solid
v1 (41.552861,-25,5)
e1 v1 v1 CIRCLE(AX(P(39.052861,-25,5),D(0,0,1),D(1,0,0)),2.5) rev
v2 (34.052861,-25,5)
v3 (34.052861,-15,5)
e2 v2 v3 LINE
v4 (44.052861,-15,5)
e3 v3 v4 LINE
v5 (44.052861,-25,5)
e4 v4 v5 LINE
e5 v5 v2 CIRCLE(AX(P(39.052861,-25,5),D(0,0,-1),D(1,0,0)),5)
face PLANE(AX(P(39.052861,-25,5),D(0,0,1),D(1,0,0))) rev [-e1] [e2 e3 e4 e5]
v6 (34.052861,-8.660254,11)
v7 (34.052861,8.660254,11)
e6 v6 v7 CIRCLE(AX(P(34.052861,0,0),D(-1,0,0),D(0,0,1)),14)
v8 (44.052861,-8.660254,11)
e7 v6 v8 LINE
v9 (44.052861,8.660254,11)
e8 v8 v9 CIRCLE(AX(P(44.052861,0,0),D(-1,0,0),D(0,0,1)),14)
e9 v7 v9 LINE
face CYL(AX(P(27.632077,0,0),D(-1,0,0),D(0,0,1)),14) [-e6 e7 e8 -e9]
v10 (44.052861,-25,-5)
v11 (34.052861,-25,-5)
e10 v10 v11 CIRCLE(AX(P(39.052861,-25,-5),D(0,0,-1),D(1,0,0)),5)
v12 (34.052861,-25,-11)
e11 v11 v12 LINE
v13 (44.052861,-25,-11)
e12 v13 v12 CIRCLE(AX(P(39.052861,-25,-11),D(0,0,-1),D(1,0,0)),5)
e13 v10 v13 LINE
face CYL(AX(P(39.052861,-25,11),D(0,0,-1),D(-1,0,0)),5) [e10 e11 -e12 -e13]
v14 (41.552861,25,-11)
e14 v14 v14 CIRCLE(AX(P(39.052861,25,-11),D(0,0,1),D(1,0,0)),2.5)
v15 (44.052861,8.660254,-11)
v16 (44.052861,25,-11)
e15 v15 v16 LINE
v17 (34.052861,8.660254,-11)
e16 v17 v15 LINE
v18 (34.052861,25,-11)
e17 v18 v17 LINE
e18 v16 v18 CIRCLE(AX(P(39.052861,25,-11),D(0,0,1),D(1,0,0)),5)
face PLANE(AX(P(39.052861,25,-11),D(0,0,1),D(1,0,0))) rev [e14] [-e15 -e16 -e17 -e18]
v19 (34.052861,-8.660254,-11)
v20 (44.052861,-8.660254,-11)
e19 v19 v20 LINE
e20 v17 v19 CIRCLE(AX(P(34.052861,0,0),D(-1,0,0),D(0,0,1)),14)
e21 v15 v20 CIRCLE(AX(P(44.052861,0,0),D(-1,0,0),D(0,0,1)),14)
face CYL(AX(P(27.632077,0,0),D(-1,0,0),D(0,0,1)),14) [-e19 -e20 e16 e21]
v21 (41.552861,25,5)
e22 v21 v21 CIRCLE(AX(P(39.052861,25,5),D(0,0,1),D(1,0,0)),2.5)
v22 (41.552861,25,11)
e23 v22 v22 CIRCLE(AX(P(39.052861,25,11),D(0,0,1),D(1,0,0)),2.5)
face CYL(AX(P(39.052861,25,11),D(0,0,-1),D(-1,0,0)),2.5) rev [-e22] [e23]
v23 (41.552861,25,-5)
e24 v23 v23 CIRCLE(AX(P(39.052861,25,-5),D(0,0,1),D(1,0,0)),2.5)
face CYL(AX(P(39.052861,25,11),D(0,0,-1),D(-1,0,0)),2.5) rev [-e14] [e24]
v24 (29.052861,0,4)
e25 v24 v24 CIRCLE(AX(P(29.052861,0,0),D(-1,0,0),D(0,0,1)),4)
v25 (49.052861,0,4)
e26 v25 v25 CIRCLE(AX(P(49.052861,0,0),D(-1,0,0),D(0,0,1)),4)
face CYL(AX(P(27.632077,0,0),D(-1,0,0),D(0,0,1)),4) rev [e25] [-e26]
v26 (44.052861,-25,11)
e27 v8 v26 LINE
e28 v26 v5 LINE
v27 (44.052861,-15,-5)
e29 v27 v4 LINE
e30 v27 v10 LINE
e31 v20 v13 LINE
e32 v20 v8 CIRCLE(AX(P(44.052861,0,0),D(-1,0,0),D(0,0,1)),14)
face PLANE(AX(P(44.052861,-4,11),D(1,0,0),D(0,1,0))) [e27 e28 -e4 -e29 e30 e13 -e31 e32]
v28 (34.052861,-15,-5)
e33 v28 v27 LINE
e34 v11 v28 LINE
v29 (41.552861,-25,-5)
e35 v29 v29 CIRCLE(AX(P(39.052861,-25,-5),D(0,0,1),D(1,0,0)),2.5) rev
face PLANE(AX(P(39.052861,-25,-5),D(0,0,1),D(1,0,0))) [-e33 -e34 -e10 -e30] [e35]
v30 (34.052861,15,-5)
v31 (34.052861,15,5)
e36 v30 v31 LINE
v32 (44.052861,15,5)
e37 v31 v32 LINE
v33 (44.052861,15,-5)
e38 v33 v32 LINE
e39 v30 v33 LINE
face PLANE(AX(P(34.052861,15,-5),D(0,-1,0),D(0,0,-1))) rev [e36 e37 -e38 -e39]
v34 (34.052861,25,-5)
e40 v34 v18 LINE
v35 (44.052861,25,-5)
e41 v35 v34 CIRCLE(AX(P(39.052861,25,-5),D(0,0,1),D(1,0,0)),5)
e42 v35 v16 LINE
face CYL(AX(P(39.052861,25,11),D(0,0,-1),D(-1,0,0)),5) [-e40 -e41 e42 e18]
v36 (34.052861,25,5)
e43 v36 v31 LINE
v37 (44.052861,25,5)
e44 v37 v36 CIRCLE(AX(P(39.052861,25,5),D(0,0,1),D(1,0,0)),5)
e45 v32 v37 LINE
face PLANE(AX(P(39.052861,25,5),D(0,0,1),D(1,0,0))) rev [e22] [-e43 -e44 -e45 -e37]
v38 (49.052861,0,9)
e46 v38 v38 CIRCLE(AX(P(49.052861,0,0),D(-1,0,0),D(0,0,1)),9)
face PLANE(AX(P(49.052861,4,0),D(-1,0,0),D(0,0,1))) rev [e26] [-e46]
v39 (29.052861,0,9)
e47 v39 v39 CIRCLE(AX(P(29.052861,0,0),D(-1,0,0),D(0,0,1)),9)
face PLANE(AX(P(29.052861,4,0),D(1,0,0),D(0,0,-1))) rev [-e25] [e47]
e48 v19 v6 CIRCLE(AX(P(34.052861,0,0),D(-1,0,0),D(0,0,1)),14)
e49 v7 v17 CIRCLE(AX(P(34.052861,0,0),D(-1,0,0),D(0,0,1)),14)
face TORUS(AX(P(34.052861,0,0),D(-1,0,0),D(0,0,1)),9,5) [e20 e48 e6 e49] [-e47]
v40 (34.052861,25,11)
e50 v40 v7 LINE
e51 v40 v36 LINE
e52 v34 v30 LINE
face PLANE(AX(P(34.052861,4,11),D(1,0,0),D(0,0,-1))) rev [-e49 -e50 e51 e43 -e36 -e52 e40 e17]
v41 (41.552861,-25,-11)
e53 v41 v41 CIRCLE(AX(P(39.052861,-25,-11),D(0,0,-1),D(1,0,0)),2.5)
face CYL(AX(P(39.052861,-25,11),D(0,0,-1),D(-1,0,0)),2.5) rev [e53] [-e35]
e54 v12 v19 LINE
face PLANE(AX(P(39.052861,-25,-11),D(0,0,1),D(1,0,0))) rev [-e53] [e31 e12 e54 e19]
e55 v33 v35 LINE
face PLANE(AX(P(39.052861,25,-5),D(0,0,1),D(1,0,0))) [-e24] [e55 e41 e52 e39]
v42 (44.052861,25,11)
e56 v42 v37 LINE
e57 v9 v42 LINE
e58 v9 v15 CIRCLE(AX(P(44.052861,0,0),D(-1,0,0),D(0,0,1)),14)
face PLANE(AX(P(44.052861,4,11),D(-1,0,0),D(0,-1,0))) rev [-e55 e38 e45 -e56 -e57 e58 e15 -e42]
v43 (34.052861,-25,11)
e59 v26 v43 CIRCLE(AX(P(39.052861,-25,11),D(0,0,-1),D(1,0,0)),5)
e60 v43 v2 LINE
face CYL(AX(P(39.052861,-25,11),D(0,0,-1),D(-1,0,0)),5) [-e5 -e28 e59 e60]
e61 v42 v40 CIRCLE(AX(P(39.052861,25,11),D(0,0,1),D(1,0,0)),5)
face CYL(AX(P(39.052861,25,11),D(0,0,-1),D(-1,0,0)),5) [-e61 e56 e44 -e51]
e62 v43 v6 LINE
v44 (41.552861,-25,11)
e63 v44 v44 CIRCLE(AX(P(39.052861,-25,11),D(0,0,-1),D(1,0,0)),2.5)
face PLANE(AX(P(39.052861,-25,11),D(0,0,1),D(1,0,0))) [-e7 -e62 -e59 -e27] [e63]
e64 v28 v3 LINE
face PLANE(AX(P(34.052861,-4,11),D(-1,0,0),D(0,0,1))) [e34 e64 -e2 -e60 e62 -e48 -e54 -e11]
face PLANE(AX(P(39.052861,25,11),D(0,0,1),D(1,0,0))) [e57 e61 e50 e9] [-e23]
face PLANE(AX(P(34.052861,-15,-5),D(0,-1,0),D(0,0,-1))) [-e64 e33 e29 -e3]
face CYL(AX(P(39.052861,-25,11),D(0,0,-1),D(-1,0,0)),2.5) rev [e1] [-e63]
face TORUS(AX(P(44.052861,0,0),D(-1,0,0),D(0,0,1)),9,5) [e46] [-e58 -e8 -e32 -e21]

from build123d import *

# Parameters (mm, degrees)
SKETCH_2_R          = 2.5
EXTRUDE_1_DEPTH     = 11
CUT_EXTRUDE_1_DEPTH = 5


with BuildPart() as part:
    # 草图2 → 凸台-拉伸1 (new, symmetric)
    with BuildSketch(Plane.XY):
        with BuildLine():
            Line((44.052861038, 4), (34.052861038, 4))
            Line((34.052861038, 4), (34.052861038, 25))
            ThreePointArc((34.052861038, 25), (39.052861038, 30), (44.052861038, 25))
            Line((44.052861038, 25), (44.052861038, 4))
        make_face()
        with Locations((39.052861038, 25)):
            Circle(SKETCH_2_R, mode=Mode.SUBTRACT)
    extrude_1 = extrude(amount=EXTRUDE_1_DEPTH, both=True)

    # 草图3 → 旋转2 (revolve)
    with BuildSketch(Plane.XY, mode=Mode.PRIVATE) as revolve_2_sk:
        with BuildLine():
            Line((29.052861038, 4), (49.052861038, 4))
            Line((49.052861038, 4), (49.052861038, 9))
            ThreePointArc((49.052861038, 9), (47.588394944, 12.535533906), (44.052861038, 14))
            Line((44.052861038, 14), (34.052861038, 14))
            ThreePointArc((34.052861038, 14), (30.517327132, 12.535533906), (29.052861038, 9))
            Line((29.052861038, 9), (29.052861038, 4))
        make_face()
    revolve(revolve_2_sk.sketch.rotate(Axis((27.632077349, 0, 0), (1, 0, 0)), 90), axis=Axis((27.632077349, 0, 0), (1, 0, 0)))

    # 草图4 → 切除-拉伸1 (cut, symmetric)
    with BuildSketch(Plane.XY):
        with BuildLine():
            Line((44.052861038, 15), (44.052861038, 25))
            ThreePointArc((44.052861038, 25), (39.052861038, 30), (34.052861038, 25))
            Line((34.052861038, 25), (34.052861038, 15))
            Line((34.052861038, 15), (44.052861038, 15))
        make_face()
    cut_extrude_1 = extrude(amount=CUT_EXTRUDE_1_DEPTH, both=True, mode=Mode.SUBTRACT)

    # 镜向3: 凸台-拉伸1, 切除-拉伸1 across plane
    add(extrude_1.mirror(Plane.ZX))
    add(cut_extrude_1.mirror(Plane.ZX), mode=Mode.SUBTRACT)


solid = part.part
